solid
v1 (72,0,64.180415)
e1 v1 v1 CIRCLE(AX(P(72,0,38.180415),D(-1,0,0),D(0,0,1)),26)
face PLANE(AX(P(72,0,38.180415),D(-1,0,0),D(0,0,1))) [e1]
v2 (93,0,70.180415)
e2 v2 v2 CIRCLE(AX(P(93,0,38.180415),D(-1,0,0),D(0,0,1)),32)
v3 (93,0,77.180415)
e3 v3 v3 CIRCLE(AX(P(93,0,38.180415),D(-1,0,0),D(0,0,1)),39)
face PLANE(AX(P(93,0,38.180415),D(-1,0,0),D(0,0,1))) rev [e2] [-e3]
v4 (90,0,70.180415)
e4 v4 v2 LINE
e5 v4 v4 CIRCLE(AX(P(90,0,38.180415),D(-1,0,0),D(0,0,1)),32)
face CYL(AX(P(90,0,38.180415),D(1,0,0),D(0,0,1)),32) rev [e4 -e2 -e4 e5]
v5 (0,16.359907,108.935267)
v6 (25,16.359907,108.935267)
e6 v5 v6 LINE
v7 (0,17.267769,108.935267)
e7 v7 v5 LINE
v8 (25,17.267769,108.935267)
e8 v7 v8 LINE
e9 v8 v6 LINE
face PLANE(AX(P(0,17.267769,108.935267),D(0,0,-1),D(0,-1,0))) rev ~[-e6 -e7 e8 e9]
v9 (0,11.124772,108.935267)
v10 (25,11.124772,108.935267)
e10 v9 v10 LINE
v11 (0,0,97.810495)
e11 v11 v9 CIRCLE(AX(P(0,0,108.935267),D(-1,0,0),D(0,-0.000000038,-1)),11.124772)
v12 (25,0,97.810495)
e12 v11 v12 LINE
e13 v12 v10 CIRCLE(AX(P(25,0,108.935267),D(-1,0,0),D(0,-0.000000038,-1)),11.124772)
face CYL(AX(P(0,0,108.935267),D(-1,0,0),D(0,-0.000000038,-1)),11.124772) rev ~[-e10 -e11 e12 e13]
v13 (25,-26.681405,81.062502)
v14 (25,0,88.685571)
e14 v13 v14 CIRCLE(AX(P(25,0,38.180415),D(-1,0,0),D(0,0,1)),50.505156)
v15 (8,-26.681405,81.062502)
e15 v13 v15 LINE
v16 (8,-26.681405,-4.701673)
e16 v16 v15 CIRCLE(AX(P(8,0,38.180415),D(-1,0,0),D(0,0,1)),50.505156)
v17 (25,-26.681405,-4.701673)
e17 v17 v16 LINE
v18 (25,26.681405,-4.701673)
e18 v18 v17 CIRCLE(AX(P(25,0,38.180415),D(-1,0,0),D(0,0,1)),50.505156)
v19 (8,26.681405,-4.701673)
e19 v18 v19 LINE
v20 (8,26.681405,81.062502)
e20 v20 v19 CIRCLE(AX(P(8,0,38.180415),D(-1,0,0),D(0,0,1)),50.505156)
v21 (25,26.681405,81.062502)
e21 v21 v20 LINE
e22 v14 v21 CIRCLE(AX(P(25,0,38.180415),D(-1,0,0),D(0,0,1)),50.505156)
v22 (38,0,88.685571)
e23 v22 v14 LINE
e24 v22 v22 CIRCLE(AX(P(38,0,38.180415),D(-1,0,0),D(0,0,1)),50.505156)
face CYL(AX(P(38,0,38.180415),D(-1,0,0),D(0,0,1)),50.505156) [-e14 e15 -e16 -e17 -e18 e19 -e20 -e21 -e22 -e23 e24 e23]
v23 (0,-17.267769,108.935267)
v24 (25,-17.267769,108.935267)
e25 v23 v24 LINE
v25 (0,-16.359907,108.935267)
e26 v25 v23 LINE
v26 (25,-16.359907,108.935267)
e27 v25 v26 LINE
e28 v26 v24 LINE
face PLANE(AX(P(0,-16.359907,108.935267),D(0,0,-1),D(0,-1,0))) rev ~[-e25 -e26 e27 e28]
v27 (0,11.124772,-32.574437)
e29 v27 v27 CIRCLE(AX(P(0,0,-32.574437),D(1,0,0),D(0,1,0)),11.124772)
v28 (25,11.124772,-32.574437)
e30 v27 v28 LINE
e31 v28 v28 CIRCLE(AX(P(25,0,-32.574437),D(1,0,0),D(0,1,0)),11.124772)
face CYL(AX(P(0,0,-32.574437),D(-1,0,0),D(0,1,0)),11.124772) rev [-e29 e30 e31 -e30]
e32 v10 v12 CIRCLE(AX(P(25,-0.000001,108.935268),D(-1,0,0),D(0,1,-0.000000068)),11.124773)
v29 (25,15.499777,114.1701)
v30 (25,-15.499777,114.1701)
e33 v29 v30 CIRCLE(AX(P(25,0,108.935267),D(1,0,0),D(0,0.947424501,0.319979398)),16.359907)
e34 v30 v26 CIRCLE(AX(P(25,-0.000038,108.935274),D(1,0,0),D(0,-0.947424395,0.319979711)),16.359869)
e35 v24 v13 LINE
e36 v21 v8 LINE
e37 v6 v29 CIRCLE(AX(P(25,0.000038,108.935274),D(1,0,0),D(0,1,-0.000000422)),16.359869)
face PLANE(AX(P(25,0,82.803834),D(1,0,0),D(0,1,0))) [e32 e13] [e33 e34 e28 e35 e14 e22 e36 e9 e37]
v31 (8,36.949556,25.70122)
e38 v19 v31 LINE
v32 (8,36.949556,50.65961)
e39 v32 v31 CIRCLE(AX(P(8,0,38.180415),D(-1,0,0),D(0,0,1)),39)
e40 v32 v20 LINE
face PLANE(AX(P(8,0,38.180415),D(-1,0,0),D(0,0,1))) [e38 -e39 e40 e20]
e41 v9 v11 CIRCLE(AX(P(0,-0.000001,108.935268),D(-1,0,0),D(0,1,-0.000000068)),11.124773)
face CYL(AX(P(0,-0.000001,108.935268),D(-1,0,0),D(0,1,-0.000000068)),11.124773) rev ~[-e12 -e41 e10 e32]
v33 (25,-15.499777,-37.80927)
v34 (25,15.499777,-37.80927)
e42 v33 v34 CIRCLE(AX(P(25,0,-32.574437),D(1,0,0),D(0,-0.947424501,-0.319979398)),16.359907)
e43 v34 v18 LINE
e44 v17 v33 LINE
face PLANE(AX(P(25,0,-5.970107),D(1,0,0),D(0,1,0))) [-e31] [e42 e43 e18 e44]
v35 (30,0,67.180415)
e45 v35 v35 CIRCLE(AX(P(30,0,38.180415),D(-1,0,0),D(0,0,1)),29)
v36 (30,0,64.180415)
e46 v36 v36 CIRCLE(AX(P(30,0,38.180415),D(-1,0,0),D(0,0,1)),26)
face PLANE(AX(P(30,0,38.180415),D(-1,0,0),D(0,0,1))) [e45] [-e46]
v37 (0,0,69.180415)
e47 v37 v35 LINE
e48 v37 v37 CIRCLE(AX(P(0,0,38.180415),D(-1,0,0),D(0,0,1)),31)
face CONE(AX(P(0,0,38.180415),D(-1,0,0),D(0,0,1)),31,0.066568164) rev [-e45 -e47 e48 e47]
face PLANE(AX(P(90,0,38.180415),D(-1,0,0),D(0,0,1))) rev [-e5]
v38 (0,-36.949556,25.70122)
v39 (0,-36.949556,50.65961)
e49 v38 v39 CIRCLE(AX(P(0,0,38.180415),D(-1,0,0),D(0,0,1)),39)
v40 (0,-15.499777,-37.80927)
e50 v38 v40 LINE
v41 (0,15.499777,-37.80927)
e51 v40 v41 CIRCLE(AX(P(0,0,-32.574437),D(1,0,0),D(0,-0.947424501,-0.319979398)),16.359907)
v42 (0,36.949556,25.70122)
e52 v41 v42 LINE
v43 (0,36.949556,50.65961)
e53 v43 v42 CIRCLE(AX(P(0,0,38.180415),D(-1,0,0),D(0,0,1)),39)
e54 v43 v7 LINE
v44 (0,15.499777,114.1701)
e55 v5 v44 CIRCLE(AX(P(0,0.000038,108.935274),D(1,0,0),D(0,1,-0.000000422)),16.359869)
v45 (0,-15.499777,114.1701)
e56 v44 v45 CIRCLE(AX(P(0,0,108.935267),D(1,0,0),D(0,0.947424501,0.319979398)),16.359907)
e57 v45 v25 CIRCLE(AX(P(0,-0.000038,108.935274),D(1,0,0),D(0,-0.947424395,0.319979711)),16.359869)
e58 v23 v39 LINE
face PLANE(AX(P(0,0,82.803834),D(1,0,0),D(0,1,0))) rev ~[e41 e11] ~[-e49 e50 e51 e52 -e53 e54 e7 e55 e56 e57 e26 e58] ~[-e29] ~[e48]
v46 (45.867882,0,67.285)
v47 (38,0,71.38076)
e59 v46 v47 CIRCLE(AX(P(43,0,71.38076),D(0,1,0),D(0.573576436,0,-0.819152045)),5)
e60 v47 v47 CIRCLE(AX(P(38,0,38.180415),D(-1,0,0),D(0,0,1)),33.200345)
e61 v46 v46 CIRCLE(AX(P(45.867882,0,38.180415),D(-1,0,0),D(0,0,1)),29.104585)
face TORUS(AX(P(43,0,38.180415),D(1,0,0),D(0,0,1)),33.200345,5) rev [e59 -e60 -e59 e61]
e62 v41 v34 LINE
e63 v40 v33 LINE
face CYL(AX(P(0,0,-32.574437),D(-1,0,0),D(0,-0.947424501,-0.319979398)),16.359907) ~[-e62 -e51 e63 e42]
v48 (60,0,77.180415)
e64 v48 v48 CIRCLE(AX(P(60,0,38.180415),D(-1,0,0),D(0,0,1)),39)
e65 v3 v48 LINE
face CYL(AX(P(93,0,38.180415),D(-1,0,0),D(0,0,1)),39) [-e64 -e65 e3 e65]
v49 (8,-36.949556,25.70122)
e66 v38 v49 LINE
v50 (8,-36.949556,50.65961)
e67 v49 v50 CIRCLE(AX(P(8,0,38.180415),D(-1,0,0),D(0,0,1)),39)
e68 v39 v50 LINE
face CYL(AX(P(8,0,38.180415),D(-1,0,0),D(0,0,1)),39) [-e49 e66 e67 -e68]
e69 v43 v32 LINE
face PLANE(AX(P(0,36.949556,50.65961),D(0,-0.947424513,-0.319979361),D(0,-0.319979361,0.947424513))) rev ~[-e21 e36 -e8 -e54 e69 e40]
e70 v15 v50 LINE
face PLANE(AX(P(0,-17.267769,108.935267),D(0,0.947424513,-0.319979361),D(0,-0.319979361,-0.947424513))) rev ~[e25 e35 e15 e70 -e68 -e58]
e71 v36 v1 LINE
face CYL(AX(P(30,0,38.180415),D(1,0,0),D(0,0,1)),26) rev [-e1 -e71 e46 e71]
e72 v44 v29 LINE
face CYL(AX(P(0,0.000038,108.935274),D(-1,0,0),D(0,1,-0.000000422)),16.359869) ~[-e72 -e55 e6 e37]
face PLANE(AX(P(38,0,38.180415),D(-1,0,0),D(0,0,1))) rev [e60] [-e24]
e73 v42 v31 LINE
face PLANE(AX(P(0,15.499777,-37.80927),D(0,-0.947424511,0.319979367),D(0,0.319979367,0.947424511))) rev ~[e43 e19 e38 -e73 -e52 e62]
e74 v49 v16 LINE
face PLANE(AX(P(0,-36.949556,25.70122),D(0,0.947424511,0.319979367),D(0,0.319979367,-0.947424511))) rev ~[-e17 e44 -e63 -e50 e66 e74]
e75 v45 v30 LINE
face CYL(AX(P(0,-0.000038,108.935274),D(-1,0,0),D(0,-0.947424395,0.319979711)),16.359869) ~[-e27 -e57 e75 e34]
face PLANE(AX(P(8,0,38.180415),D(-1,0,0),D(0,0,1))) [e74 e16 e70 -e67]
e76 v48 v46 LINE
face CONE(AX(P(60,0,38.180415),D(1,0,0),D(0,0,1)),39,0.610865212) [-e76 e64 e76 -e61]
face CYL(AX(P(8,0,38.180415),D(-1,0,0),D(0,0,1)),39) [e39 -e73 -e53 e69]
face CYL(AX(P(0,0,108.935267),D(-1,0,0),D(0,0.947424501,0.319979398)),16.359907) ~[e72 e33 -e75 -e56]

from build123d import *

# Parameters (mm, degrees)
F2_R     = 11.124772
F3_DEPTH = 25


with BuildPart() as f1:
    # F0 (on Front) → F1 (revolve)
    with BuildSketch(Plane.XZ):
        with BuildLine():
            Line((8, 77.180415), (0, 77.180415))
            Line((0, 77.180415), (0, 69.180415))
            Line((0, 69.180415), (30, 67.180415))
            Line((30, 67.180415), (30, 64.180415))
            Line((30, 64.180415), (72, 64.180415))
            Line((72, 64.180415), (72, 38.180415))
            Line((72, 38.180415), (90, 38.180415))
            Line((90, 38.180415), (90, 70.180415))
            Line((90, 70.180415), (93, 70.180415))
            Line((93, 70.180415), (93, 77.180415))
            Line((93, 77.180415), (60, 77.180415))
            Line((60, 77.180415), (45.867882, 67.285))
            ThreePointArc((45.867882, 67.285), (40.691257, 66.945706), (38, 71.38076))
            Line((38, 71.38076), (38, 88.685571))
            Line((38, 88.685571), (8, 88.685571))
            Line((8, 88.685571), (8, 77.180415))
        make_face()
    revolve(axis=Axis((81, 0, 38.180415), (-1, 0, 0)))

    # F2 (on Right) → F3 (join)
    with BuildSketch(Plane.YZ):
        with BuildLine():
            ThreePointArc((-36.949556, 50.65961), (-22.741057, 69.863917), (0, 77.180415))
            ThreePointArc((0, 77.180415), (22.741057, 69.863917), (36.949556, 50.65961))
            Line((36.949556, 50.65961), (17.267769, 108.935267))
            Line((17.267769, 108.935267), (16.359907, 108.935267))
            ThreePointArc((16.359907, 108.935267), (16.143443, 111.58778), (15.499777, 114.1701))
            ThreePointArc((15.499777, 114.1701), (0, 125.295174), (-15.499777, 114.1701))
            ThreePointArc((-15.499777, 114.1701), (-16.143443, 111.58778), (-16.359907, 108.935267))
            Line((-16.359907, 108.935267), (-17.267769, 108.935267))
            Line((-17.267769, 108.935267), (-36.949556, 50.65961))
        make_face()
        with BuildLine():
            ThreePointArc((11.124772, 108.935267), (7.866401, 101.068865), (0, 97.810495))
            ThreePointArc((0, 97.810495), (-7.866401, 116.801668), (11.124772, 108.935267))
        make_face(mode=Mode.SUBTRACT)
        with BuildLine():
            Line((15.499777, -37.80927), (36.949556, 25.70122))
            ThreePointArc((36.949556, 25.70122), (0, -0.819585), (-36.949556, 25.70122))
            Line((-36.949556, 25.70122), (-15.499777, -37.80927))
            ThreePointArc((-15.499777, -37.80927), (0, -48.934344), (15.499777, -37.80927))
        make_face()
        with Locations((0, -32.574437)):
            Circle(F2_R, mode=Mode.SUBTRACT)
    extrude(amount=F3_DEPTH)


solid = f1.part
